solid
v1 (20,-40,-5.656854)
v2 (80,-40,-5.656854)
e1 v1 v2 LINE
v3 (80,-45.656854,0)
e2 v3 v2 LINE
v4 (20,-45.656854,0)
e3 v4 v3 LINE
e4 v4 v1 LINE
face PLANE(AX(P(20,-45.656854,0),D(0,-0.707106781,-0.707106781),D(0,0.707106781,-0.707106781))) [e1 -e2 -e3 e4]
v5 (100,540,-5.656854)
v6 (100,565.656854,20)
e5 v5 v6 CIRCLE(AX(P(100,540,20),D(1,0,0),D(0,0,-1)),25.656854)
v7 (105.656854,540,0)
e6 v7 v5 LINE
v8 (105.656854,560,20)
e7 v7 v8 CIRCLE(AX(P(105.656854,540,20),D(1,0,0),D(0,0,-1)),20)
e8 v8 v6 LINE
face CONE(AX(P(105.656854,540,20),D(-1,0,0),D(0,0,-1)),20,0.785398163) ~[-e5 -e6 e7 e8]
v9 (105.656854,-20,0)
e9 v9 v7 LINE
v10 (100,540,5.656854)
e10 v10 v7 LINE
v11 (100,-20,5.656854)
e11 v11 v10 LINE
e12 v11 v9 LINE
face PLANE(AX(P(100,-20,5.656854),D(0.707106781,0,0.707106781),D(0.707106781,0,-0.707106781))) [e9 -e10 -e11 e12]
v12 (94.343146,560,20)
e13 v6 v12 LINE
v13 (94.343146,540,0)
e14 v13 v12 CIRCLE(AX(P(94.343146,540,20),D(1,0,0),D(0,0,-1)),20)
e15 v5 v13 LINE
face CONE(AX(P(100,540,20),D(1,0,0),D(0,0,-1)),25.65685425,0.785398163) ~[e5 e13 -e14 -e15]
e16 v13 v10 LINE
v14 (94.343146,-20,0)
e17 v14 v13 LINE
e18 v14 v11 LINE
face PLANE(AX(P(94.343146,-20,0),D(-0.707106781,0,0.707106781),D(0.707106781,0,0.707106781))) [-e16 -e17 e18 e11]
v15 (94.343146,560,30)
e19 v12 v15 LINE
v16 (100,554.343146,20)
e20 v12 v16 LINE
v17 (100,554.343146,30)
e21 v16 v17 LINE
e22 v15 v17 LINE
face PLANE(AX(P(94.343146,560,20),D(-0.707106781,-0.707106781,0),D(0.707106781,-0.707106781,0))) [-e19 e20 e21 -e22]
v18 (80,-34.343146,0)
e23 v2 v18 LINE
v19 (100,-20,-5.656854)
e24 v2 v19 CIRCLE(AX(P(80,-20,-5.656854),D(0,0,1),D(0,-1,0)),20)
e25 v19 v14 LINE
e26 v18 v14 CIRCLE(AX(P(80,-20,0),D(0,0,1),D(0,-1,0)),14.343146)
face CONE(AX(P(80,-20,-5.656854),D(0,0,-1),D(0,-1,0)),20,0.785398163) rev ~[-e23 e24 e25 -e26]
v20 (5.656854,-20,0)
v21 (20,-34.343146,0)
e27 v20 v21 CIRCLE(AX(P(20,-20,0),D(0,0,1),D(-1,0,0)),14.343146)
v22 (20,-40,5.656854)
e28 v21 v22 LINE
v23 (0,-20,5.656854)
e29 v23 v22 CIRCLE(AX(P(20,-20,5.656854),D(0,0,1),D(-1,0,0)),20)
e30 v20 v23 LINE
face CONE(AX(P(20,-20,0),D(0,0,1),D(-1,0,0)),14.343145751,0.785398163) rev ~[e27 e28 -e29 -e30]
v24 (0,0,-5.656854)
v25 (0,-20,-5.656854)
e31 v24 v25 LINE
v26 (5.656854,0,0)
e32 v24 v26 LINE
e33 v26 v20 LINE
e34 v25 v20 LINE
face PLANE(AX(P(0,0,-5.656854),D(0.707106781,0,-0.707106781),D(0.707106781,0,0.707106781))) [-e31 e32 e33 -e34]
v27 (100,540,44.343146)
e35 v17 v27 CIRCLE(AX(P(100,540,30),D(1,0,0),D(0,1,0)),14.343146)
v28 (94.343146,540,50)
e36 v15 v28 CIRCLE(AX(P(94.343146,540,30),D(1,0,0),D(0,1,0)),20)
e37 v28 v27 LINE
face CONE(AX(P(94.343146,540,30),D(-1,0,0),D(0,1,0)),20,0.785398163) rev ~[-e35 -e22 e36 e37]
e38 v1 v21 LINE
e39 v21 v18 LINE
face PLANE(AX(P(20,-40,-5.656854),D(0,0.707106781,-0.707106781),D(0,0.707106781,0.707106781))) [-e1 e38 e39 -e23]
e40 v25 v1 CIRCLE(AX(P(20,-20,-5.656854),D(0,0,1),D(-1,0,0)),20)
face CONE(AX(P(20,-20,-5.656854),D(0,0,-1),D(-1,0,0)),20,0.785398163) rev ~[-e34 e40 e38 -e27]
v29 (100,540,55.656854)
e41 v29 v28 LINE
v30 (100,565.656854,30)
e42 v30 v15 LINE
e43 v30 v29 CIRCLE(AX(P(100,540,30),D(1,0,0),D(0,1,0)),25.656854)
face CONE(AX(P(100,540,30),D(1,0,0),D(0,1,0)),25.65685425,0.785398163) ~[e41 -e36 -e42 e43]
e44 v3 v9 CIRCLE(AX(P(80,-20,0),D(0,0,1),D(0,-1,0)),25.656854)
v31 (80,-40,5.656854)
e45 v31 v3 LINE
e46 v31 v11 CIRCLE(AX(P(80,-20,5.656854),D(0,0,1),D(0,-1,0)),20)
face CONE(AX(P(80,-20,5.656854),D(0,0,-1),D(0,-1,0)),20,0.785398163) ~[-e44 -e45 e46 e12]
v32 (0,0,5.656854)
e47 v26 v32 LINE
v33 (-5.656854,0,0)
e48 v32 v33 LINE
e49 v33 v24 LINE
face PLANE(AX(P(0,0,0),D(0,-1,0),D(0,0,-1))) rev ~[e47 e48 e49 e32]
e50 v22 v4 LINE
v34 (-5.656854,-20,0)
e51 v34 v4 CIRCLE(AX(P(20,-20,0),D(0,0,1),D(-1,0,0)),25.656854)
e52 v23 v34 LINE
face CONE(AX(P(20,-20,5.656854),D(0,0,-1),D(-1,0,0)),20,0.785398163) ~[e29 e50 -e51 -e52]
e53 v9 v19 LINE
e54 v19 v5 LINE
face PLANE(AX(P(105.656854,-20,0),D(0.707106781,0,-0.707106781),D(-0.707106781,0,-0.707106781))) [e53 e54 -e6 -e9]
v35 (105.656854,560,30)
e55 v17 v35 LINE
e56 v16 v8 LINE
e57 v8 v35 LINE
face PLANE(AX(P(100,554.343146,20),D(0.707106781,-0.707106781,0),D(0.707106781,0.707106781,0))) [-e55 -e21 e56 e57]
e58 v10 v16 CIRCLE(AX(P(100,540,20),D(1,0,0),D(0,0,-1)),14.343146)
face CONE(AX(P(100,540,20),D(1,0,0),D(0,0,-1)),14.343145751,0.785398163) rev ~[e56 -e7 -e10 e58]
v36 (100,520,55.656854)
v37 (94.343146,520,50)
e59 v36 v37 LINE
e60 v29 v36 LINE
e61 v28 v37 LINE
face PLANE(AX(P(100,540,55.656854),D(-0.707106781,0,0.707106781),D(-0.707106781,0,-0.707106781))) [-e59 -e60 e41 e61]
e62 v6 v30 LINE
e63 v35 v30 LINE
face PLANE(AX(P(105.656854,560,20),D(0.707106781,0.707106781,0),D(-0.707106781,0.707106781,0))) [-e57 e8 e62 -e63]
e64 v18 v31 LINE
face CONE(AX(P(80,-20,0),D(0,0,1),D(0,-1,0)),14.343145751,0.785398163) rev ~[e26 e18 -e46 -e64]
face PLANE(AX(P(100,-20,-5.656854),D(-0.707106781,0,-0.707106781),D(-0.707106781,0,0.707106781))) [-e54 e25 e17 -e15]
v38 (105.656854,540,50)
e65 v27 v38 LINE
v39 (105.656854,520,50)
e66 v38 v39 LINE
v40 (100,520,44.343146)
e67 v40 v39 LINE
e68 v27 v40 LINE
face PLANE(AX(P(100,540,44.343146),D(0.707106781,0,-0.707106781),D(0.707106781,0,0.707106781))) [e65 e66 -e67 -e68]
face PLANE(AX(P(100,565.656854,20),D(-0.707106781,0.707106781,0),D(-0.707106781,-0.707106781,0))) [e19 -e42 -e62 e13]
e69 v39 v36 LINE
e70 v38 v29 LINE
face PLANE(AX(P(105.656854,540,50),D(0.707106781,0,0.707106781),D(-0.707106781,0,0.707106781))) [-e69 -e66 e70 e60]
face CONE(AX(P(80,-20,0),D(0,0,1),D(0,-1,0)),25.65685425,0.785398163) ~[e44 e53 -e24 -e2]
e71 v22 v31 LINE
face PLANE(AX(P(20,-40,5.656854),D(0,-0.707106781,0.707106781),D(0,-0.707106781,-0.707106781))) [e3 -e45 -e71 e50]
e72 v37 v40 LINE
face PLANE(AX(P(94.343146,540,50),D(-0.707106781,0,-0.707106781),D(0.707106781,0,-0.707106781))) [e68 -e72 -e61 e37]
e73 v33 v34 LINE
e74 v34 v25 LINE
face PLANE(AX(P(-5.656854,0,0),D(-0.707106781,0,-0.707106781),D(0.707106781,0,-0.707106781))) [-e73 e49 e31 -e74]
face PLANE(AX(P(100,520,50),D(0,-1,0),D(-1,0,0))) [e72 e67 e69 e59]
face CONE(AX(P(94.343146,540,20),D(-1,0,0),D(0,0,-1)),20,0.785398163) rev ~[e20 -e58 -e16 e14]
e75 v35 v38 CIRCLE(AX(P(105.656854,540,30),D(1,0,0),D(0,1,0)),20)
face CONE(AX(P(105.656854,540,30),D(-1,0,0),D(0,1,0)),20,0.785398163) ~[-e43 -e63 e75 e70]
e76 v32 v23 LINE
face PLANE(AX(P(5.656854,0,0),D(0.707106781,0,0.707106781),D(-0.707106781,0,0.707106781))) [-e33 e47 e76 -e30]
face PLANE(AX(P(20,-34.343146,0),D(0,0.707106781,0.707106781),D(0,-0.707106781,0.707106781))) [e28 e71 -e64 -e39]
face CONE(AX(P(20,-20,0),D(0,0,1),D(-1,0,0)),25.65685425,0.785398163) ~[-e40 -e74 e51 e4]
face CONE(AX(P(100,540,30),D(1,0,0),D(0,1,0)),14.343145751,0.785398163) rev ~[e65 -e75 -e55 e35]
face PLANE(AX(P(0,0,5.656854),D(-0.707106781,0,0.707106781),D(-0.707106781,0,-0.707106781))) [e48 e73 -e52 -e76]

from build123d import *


with BuildPart() as f4:
    # F4: sweep along a path in F0, F2
    with BuildLine(Plane.XY) as f4_path:
        Line((0, 0), (0, -20))
        ThreePointArc((0, -20), (5.8578643763, -34.1421356237), (20, -40))
        Line((20, -40), (80, -40))
        ThreePointArc((80, -40), (94.1421356237, -34.1421356237), (100, -20))
        Line((100, -20), (100, 540))
    with BuildLine(Plane.YZ.offset(100)) as f4_path_2:
        ThreePointArc((540, 0), (554.1421356237, 5.8578643763), (560, 20))
        Line((560, 20), (560, 30))
        ThreePointArc((560, 30), (554.1421356237, 44.1421356237), (540, 50))
        Line((540, 50), (520, 50))
    # F3 (on Front) → F4 (sweep)
    with BuildSketch(Plane.XZ):
        Polygon((0, -5.6568542495), (5.6568542495, 0), (0, 5.6568542495), (-5.6568542495, 0), align=None)
    sweep(path=f4_path.line + f4_path_2.line)


solid = f4.part
